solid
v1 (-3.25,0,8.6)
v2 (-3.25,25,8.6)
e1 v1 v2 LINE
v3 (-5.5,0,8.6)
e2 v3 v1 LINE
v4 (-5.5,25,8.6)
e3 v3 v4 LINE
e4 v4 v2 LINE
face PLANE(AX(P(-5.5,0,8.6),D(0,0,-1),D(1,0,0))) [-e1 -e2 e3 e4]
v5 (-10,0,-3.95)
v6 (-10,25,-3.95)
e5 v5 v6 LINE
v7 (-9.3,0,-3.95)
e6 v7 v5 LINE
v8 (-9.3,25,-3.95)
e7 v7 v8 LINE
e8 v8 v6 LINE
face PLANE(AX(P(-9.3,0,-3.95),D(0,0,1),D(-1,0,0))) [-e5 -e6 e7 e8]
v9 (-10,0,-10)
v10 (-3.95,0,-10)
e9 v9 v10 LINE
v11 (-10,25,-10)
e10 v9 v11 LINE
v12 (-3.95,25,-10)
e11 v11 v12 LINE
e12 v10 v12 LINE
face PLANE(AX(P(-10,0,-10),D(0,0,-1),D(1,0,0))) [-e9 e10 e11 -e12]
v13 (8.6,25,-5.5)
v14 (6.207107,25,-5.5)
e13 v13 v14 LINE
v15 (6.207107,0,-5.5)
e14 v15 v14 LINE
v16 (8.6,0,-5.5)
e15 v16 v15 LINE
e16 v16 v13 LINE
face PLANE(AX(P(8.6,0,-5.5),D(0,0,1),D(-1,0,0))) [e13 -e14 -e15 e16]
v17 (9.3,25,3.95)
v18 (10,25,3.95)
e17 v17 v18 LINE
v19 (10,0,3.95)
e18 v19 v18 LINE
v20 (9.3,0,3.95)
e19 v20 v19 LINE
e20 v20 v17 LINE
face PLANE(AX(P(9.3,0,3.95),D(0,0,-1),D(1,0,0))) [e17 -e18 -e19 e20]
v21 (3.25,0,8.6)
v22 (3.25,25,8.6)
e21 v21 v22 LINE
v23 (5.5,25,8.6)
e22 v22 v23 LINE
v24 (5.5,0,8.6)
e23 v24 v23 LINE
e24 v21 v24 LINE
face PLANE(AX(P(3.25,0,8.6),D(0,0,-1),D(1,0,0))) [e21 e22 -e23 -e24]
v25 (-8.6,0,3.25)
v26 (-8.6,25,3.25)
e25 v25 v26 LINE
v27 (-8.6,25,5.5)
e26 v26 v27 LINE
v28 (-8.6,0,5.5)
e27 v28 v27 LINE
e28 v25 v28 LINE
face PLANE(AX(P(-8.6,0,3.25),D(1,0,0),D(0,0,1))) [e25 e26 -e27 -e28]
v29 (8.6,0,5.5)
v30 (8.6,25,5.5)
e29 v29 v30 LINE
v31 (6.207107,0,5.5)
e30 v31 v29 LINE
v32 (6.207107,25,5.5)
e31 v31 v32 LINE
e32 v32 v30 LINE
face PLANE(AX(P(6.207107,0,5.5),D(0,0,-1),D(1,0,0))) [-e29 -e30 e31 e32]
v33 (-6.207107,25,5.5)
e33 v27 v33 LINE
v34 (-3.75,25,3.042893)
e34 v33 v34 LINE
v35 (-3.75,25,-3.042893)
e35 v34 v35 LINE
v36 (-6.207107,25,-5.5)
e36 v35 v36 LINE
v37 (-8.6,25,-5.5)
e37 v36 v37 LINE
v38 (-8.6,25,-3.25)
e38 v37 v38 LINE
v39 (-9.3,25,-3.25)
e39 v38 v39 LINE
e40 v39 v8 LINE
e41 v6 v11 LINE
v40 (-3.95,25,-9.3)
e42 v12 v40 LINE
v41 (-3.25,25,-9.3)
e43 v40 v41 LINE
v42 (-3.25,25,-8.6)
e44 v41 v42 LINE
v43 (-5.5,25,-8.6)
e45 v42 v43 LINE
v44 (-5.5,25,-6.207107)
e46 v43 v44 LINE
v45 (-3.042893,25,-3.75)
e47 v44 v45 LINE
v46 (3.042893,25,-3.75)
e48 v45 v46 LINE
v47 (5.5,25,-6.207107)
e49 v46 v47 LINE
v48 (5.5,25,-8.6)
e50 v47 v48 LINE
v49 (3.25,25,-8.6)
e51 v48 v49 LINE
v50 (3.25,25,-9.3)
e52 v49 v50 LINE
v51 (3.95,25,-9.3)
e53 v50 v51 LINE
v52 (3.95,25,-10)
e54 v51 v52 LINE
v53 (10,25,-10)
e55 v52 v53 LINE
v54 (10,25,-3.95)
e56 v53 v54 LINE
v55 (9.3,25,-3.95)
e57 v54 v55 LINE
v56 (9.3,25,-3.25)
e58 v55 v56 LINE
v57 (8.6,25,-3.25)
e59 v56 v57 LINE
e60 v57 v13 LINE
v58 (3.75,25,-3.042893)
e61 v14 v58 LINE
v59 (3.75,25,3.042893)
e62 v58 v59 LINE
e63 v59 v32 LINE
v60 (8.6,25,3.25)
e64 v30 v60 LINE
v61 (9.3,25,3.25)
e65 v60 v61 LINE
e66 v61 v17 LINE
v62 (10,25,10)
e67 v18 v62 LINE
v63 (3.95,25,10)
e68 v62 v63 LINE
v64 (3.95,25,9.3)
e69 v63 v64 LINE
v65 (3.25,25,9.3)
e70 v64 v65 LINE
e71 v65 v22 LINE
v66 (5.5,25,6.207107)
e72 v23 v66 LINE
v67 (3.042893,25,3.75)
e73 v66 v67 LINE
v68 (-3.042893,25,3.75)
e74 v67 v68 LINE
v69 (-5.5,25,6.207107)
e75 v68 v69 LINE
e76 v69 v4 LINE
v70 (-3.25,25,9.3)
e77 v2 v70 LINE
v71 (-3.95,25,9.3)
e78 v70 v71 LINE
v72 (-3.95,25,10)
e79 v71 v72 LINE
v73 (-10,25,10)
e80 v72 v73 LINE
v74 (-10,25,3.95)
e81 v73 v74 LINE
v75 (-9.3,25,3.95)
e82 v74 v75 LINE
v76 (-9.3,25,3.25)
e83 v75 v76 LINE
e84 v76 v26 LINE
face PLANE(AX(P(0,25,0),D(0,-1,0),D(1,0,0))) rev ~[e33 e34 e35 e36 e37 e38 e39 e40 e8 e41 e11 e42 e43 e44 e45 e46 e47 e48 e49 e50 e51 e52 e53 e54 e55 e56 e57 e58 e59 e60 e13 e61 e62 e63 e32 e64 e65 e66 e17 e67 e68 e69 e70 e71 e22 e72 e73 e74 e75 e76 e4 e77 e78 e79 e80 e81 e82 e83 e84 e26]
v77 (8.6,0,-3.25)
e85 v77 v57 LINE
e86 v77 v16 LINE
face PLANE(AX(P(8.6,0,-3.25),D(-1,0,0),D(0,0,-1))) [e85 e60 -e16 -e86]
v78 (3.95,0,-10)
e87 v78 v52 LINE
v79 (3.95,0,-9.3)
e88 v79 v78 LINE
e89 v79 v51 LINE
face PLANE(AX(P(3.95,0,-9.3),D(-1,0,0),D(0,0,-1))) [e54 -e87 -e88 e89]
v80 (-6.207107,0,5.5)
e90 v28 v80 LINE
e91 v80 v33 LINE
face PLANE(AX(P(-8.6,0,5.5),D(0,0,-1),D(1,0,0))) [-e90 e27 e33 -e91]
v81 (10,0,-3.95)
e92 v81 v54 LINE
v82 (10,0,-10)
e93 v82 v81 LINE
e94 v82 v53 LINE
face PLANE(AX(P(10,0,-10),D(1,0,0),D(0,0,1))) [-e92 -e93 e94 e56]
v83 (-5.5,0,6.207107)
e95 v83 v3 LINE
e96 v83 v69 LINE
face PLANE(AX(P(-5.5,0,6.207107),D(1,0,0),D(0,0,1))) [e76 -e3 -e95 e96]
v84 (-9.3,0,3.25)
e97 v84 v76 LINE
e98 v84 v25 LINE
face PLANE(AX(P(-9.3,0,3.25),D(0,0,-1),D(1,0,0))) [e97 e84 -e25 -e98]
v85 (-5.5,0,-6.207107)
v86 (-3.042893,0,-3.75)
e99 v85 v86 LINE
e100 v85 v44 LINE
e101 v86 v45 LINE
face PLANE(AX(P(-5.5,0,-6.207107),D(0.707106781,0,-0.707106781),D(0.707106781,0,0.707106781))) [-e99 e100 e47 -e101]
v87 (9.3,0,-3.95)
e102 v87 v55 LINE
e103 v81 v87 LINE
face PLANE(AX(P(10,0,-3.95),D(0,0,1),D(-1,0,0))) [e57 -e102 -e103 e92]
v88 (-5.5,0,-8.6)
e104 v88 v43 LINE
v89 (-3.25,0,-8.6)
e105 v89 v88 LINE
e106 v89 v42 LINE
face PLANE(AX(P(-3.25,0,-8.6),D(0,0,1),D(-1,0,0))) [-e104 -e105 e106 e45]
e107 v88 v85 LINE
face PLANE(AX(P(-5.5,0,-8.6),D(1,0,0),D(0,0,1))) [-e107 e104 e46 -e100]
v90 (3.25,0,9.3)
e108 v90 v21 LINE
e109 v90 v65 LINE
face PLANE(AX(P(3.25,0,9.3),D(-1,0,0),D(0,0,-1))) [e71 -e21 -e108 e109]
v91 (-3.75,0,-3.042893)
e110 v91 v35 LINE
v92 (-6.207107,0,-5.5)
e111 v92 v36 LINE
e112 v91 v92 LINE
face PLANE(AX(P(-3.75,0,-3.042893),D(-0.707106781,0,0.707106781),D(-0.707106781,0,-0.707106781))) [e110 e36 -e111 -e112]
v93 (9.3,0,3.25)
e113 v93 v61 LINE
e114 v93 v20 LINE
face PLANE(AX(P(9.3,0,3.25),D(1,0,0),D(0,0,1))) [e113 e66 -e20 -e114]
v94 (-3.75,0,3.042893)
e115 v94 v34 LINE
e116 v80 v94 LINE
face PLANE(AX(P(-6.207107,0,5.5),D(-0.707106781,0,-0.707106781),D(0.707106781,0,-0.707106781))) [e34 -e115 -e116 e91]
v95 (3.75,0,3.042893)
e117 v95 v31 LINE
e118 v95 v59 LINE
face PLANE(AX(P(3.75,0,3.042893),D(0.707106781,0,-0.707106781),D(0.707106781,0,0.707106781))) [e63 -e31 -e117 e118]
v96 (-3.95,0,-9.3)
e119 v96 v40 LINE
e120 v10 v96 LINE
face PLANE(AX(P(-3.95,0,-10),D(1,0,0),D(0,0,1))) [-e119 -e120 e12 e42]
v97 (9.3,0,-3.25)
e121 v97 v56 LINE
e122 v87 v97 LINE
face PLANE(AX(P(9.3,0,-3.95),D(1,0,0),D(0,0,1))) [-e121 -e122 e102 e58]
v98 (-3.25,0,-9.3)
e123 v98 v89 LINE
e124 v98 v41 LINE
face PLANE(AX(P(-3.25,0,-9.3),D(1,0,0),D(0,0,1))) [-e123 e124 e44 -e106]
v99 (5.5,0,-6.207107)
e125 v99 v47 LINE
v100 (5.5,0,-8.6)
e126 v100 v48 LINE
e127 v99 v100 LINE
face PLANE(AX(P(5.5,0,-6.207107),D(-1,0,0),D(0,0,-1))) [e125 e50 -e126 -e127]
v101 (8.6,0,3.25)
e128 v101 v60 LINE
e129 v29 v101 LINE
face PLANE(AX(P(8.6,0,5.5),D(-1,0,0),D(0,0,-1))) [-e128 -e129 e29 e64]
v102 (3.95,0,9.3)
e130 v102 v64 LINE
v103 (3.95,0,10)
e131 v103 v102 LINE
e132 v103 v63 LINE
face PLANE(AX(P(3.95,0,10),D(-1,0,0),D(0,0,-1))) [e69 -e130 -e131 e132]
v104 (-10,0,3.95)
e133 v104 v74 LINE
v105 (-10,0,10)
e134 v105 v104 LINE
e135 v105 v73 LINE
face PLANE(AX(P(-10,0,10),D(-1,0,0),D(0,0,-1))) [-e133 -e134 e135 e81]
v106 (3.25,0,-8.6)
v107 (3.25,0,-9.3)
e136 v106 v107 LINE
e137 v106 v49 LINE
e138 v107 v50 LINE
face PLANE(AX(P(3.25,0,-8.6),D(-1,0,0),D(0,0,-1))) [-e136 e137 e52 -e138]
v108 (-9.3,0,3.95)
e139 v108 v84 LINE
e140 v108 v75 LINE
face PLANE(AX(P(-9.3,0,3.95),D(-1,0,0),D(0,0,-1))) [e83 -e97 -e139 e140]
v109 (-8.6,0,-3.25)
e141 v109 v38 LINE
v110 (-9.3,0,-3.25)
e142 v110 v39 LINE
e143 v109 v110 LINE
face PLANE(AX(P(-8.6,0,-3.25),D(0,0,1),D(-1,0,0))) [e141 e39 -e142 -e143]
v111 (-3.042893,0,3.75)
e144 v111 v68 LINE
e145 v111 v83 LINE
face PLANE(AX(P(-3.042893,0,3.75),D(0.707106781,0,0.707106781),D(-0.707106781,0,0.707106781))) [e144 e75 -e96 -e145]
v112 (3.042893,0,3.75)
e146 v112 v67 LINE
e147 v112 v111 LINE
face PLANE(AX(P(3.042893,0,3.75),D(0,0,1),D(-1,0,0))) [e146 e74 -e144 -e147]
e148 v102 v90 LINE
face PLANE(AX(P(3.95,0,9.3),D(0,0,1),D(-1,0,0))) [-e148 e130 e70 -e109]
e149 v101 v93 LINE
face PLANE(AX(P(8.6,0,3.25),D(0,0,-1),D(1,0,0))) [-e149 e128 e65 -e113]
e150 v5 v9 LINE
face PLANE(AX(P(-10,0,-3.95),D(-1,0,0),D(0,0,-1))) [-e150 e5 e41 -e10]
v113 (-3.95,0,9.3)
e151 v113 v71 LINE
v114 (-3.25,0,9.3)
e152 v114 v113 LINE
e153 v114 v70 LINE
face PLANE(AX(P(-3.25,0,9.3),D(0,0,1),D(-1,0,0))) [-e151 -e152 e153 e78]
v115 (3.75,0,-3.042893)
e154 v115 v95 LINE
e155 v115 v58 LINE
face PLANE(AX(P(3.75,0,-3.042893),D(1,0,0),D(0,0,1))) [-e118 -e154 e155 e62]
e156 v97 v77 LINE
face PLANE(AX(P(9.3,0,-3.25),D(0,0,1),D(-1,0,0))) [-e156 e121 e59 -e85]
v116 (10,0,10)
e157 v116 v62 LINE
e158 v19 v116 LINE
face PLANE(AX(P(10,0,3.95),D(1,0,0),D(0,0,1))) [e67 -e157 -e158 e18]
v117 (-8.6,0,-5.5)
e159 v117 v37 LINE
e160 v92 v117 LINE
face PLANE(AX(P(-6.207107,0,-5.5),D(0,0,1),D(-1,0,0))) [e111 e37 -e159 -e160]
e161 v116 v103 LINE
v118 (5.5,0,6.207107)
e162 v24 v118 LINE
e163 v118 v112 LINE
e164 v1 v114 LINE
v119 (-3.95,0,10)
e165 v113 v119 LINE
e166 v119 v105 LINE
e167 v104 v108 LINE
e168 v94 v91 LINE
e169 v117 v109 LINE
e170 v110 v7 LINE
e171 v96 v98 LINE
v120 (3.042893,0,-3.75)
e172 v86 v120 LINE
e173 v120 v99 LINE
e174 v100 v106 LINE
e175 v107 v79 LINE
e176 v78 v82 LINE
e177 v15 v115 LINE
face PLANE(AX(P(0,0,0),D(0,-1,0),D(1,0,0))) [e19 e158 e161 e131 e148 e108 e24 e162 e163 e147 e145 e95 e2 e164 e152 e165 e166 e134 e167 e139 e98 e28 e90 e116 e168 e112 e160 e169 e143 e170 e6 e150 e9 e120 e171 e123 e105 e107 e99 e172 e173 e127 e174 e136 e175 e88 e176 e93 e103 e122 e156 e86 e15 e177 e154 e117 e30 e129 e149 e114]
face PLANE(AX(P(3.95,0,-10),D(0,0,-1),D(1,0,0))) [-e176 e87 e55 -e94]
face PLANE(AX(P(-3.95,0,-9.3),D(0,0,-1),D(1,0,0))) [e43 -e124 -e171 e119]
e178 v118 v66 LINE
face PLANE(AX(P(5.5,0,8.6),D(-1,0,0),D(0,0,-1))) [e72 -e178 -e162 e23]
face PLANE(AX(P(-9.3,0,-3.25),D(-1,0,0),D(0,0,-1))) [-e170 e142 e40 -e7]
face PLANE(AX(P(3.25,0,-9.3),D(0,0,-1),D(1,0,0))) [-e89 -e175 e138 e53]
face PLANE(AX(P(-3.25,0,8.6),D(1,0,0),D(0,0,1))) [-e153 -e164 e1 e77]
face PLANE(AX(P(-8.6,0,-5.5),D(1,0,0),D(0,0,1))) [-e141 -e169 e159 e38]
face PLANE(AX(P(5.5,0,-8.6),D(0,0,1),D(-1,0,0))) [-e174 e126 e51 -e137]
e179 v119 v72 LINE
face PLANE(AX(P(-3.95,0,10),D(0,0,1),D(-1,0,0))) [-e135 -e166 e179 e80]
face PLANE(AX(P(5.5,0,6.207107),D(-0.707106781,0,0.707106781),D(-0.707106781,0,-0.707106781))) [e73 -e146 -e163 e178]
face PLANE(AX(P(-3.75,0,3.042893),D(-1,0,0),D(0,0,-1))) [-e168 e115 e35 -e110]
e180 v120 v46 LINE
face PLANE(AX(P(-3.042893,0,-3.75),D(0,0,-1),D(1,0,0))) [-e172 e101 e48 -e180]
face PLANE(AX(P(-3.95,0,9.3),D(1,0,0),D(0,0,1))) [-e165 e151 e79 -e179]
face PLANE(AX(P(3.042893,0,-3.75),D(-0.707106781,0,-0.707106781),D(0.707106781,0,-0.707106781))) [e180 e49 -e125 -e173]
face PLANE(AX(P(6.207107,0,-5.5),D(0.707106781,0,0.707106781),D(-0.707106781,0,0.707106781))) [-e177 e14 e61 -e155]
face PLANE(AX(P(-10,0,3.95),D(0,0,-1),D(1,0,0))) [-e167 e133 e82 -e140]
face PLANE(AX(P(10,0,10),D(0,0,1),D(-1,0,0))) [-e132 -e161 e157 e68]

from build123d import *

# Parameters (mm, degrees)
F1_DEPTH = 25


with BuildPart() as f1:
    # F0 (on Front) → F1 (new body)
    with BuildSketch(Plane.XZ):
        Polygon((10, 3.95), (10, 10), (3.95, 10), (3.95, 9.3), (3.25, 9.3), (3.25, 8.6), (5.5, 8.6), (5.5, 6.207107), (3.042893, 3.75), (0, 3.75), (-3.042893, 3.75), (-5.5, 6.207107), (-5.5, 8.6), (-3.25, 8.6), (-3.25, 9.3), (-3.95, 9.3), (-3.95, 10), (-10, 10), (-10, 3.95), (-9.3, 3.95), (-9.3, 3.25), (-8.6, 3.25), (-8.6, 5.5), (-6.207107, 5.5), (-3.75, 3.042893), (-3.75, 0), (-3.75, -3.042893), (-6.207107, -5.5), (-8.6, -5.5), (-8.6, -3.25), (-9.3, -3.25), (-9.3, -3.95), (-10, -3.95), (-10, -10), (-3.95, -10), (-3.95, -9.3), (-3.25, -9.3), (-3.25, -8.6), (-5.5, -8.6), (-5.5, -6.207107), (-3.042893, -3.75), (0, -3.75), (3.042893, -3.75), (5.5, -6.207107), (5.5, -8.6), (3.25, -8.6), (3.25, -9.3), (3.95, -9.3), (3.95, -10), (10, -10), (10, -3.95), (9.3, -3.95), (9.3, -3.25), (8.6, -3.25), (8.6, -5.5), (6.207107, -5.5), (3.75, -3.042893), (3.75, 0), (3.75, 3.042893), (6.207107, 5.5), (8.6, 5.5), (8.6, 3.25), (9.3, 3.25), (9.3, 3.95), align=None)
    extrude(amount=-F1_DEPTH)


solid = f1.part
